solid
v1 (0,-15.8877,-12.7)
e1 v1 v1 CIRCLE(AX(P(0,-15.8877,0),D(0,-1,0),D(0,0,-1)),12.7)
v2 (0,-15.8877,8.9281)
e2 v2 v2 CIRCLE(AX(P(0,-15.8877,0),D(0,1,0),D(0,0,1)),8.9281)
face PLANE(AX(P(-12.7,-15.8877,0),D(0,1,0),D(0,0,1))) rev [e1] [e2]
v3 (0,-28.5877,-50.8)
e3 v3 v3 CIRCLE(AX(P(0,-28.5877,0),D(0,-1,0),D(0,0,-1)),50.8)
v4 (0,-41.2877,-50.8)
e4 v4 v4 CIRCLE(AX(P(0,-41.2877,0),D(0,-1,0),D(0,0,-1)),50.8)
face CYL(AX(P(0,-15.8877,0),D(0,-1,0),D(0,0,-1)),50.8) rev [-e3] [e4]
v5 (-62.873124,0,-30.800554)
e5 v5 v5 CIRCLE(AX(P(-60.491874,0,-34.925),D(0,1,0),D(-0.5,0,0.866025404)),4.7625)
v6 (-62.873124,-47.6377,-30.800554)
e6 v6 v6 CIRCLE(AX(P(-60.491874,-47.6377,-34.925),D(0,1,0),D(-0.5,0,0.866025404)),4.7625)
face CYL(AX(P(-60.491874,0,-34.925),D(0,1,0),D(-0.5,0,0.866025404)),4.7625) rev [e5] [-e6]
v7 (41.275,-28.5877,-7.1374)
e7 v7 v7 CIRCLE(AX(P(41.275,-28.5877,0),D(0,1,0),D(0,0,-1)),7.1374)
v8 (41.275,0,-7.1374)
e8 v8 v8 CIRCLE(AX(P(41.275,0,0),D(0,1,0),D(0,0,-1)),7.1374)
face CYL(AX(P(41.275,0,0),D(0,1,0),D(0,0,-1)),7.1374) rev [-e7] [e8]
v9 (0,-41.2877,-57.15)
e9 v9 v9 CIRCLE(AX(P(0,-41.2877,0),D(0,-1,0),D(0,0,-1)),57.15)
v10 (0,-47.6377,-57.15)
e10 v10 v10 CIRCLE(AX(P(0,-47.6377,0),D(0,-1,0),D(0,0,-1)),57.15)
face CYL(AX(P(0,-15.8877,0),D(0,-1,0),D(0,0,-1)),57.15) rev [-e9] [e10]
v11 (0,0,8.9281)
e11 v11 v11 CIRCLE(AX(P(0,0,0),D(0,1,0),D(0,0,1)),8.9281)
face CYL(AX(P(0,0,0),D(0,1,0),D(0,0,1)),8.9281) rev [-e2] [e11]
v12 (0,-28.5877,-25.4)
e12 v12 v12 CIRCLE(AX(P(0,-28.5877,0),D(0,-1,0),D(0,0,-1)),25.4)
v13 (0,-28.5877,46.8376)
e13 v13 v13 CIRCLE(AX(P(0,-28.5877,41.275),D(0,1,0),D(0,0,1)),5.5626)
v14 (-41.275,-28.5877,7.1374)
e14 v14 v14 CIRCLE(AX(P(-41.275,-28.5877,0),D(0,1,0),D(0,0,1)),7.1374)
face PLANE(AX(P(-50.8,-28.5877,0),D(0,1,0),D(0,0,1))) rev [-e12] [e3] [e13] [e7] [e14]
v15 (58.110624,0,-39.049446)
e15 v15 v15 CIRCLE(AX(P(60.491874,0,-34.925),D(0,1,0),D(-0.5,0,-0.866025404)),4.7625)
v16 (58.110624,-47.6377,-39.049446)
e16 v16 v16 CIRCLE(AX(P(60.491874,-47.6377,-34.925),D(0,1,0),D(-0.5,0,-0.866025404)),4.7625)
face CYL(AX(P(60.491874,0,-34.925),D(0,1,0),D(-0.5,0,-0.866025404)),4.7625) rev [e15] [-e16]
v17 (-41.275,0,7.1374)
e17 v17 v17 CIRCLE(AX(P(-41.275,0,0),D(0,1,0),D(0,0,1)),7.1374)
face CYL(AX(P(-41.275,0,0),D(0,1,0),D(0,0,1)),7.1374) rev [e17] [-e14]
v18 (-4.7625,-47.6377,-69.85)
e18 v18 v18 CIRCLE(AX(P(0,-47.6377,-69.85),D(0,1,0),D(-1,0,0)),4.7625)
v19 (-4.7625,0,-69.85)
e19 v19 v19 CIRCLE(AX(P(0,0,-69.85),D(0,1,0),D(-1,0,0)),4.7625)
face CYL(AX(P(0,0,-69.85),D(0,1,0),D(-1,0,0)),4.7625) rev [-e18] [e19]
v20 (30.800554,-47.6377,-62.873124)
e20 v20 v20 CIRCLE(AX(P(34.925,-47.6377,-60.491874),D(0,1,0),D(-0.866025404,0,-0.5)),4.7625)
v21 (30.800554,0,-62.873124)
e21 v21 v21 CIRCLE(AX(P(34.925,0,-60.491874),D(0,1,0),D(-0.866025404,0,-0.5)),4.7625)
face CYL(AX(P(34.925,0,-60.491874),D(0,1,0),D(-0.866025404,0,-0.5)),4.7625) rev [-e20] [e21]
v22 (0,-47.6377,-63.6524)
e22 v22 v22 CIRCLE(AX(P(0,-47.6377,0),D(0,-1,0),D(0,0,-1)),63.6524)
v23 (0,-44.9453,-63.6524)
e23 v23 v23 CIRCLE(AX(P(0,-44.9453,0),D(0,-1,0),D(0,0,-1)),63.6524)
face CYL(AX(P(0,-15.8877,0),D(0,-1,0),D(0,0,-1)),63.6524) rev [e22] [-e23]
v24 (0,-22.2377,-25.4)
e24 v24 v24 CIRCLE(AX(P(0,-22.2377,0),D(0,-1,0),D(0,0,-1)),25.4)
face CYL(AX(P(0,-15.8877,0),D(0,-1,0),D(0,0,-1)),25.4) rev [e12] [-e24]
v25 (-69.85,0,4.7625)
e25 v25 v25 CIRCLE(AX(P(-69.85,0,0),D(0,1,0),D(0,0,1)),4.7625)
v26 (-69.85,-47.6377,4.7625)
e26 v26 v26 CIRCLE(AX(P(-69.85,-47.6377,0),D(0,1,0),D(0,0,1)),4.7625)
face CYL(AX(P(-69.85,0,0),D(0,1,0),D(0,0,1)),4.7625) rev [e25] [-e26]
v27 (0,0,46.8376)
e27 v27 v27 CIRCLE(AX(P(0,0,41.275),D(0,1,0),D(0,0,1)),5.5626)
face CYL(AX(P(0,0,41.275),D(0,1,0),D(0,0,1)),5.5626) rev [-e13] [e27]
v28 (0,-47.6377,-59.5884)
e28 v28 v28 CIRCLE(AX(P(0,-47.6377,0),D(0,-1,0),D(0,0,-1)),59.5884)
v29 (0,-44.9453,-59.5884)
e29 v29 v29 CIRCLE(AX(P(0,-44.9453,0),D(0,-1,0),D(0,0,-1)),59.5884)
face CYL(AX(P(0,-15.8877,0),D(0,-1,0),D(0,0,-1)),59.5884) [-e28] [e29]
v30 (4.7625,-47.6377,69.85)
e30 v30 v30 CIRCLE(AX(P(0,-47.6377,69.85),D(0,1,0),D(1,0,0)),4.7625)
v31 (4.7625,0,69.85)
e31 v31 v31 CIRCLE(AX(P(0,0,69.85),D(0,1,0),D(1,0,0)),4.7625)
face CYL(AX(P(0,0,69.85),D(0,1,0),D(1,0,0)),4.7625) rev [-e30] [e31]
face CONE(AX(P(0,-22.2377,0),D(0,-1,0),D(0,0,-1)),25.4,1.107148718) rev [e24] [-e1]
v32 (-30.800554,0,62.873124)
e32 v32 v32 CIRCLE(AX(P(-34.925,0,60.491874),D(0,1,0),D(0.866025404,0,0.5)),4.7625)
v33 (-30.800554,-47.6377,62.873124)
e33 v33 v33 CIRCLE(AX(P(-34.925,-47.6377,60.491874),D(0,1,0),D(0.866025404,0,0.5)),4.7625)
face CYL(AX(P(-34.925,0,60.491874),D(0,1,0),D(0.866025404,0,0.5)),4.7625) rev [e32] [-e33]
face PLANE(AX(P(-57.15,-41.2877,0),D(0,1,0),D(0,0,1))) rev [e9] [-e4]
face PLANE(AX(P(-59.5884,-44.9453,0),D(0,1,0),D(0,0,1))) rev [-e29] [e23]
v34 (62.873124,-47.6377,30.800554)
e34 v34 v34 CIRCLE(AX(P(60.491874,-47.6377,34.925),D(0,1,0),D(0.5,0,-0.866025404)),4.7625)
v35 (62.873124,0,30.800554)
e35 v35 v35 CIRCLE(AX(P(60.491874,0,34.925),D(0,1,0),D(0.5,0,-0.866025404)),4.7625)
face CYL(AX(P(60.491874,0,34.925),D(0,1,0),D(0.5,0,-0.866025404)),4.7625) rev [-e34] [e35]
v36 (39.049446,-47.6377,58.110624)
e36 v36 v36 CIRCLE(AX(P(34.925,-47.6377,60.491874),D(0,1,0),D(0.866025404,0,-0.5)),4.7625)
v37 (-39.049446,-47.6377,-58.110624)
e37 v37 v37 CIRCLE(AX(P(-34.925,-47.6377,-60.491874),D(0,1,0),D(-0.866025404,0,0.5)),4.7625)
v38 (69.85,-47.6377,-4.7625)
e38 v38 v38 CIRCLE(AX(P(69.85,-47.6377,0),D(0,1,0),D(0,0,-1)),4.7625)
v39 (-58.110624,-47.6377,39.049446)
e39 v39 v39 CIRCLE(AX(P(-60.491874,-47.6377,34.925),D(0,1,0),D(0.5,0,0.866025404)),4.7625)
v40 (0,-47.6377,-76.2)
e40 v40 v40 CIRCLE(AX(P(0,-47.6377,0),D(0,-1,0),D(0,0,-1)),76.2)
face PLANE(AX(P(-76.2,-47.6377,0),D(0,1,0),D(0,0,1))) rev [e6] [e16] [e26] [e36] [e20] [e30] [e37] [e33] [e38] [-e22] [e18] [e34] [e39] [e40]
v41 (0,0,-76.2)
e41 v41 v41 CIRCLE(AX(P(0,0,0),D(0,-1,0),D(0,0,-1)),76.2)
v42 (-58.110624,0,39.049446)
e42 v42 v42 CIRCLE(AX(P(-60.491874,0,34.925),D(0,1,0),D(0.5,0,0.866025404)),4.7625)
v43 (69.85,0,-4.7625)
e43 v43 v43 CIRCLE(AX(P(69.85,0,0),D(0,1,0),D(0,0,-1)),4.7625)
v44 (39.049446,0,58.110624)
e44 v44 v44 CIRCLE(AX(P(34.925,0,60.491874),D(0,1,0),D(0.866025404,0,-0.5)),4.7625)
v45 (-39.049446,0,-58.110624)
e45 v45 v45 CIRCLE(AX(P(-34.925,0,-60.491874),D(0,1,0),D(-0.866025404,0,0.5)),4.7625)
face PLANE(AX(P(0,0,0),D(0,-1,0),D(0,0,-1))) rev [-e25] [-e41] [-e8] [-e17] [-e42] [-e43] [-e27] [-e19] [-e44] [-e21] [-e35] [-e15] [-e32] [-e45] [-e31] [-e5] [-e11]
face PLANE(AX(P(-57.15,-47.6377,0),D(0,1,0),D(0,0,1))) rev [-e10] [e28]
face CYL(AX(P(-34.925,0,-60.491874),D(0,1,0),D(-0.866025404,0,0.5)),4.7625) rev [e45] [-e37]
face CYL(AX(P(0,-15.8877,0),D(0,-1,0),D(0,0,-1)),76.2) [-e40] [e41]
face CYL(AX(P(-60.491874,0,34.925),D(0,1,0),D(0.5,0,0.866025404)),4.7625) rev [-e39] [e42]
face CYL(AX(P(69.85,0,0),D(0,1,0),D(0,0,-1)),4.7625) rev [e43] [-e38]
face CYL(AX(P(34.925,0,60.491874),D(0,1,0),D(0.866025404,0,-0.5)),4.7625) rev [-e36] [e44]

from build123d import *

# Parameters (mm, degrees)
CIRPATTERN1_COUNT                 = 12
PIPE_TAP_DRILL_FOR_1_2_TAP1_D     = 17.8562
PIPE_TAP_DRILL_FOR_1_2_TAP1_DEPTH = 19.05
PIPE_TAP_DRILL_FOR_1_2_TAP1_TIP   = 5.364543693
CIRPATTERN2_COUNT                 = 2
PIPE_TAP_DRILL_FOR_1_4_TAP1_D     = 11.1252
PIPE_TAP_DRILL_FOR_1_4_TAP1_DEPTH = 31.75
PIPE_TAP_DRILL_FOR_1_4_TAP1_TIP   = 3.342347279


with BuildPart() as part:
    # Sketch1 → Revolve1 (revolve)
    with BuildSketch(Plane.XY):
        Polygon((0, 0), (-76.2, 0), (-76.2, -47.6377), (-63.6524, -47.6377), (-63.6524, -44.9453), (-59.5884, -44.9453), (-59.5884, -47.6377), (-57.15, -47.6377), (-57.15, -41.2877), (-50.8, -41.2877), (-50.8, -28.5877), (-25.4, -28.5877), (-25.4, -22.2377), (-12.7, -15.8877), (0, -15.8877), align=None)
    revolve(axis=Axis((0, -15.8877, 0), (0, 1, 0)))

    # Sketch3 → 3/8 (0.375) Diameter Hole1 (revolve, cut)
    with BuildSketch(Plane(origin=(-69.85, 0, 0), x_dir=(0, 0, 1), z_dir=(1, 0, 0))):
        Polygon((0, 0), (0, 60.011598698), (4.7625, 57.15), (4.7625, 0), align=None)
    f_3_8_0_375_diameter_hole1 = revolve(axis=Axis((-69.85, 6.35, 0), (0, -1, 0)), mode=Mode.SUBTRACT)

    # CirPattern1: 3/8 (0.375) Diameter Hole1 ×12 about axis
    cirpattern1_axis = Axis((0, 0, 0), (0, 1, 0))
    for i in range(1, CIRPATTERN1_COUNT):
        add(f_3_8_0_375_diameter_hole1.rotate(cirpattern1_axis, i * 360 / CIRPATTERN1_COUNT), mode=Mode.SUBTRACT)

    # Pipe Tap Drill for 1/2 Tap1
    with Locations(Plane(origin=(0, 0, 0), x_dir=(1, 0, 0), z_dir=(0, 1, 0))):
        with Locations((0, 0)):
            Hole(PIPE_TAP_DRILL_FOR_1_2_TAP1_D / 2, depth=PIPE_TAP_DRILL_FOR_1_2_TAP1_DEPTH)
            with Locations((0, 0, -(PIPE_TAP_DRILL_FOR_1_2_TAP1_DEPTH + PIPE_TAP_DRILL_FOR_1_2_TAP1_TIP / 2))):  # 118° drill point
                Cone(0, PIPE_TAP_DRILL_FOR_1_2_TAP1_D / 2, PIPE_TAP_DRILL_FOR_1_2_TAP1_TIP, mode=Mode.SUBTRACT)

    # Sketch7 → Pipe Tap Drill for 3/8 Tap1 (revolve, cut)
    with BuildSketch(Plane(origin=(-41.275, 0, 0), x_dir=(0, 0, 1), z_dir=(1, 0, 0))):
        Polygon((0, 0), (0, 36.038582582), (7.1374, 31.75), (7.1374, 0), align=None)
    pipe_tap_drill_for_3_8_tap1 = revolve(axis=Axis((-41.275, 6.35, 0), (0, -1, 0)), mode=Mode.SUBTRACT)

    # CirPattern2: Pipe Tap Drill for 3/8 Tap1 ×2 about axis
    cirpattern2_axis = Axis((0, 0, 0), (0, 1, 0))
    for i in range(1, CIRPATTERN2_COUNT):
        add(pipe_tap_drill_for_3_8_tap1.rotate(cirpattern2_axis, i * 360 / CIRPATTERN2_COUNT), mode=Mode.SUBTRACT)

    # Pipe Tap Drill for 1/4 Tap1
    with Locations(Plane(origin=(0, 0, 0), x_dir=(1, 0, 0), z_dir=(0, 1, 0))):
        with Locations((0, -41.275)):
            Hole(PIPE_TAP_DRILL_FOR_1_4_TAP1_D / 2, depth=PIPE_TAP_DRILL_FOR_1_4_TAP1_DEPTH)
            with Locations((0, 0, -(PIPE_TAP_DRILL_FOR_1_4_TAP1_DEPTH + PIPE_TAP_DRILL_FOR_1_4_TAP1_TIP / 2))):  # 118° drill point
                Cone(0, PIPE_TAP_DRILL_FOR_1_4_TAP1_D / 2, PIPE_TAP_DRILL_FOR_1_4_TAP1_TIP, mode=Mode.SUBTRACT)


solid = part.part
